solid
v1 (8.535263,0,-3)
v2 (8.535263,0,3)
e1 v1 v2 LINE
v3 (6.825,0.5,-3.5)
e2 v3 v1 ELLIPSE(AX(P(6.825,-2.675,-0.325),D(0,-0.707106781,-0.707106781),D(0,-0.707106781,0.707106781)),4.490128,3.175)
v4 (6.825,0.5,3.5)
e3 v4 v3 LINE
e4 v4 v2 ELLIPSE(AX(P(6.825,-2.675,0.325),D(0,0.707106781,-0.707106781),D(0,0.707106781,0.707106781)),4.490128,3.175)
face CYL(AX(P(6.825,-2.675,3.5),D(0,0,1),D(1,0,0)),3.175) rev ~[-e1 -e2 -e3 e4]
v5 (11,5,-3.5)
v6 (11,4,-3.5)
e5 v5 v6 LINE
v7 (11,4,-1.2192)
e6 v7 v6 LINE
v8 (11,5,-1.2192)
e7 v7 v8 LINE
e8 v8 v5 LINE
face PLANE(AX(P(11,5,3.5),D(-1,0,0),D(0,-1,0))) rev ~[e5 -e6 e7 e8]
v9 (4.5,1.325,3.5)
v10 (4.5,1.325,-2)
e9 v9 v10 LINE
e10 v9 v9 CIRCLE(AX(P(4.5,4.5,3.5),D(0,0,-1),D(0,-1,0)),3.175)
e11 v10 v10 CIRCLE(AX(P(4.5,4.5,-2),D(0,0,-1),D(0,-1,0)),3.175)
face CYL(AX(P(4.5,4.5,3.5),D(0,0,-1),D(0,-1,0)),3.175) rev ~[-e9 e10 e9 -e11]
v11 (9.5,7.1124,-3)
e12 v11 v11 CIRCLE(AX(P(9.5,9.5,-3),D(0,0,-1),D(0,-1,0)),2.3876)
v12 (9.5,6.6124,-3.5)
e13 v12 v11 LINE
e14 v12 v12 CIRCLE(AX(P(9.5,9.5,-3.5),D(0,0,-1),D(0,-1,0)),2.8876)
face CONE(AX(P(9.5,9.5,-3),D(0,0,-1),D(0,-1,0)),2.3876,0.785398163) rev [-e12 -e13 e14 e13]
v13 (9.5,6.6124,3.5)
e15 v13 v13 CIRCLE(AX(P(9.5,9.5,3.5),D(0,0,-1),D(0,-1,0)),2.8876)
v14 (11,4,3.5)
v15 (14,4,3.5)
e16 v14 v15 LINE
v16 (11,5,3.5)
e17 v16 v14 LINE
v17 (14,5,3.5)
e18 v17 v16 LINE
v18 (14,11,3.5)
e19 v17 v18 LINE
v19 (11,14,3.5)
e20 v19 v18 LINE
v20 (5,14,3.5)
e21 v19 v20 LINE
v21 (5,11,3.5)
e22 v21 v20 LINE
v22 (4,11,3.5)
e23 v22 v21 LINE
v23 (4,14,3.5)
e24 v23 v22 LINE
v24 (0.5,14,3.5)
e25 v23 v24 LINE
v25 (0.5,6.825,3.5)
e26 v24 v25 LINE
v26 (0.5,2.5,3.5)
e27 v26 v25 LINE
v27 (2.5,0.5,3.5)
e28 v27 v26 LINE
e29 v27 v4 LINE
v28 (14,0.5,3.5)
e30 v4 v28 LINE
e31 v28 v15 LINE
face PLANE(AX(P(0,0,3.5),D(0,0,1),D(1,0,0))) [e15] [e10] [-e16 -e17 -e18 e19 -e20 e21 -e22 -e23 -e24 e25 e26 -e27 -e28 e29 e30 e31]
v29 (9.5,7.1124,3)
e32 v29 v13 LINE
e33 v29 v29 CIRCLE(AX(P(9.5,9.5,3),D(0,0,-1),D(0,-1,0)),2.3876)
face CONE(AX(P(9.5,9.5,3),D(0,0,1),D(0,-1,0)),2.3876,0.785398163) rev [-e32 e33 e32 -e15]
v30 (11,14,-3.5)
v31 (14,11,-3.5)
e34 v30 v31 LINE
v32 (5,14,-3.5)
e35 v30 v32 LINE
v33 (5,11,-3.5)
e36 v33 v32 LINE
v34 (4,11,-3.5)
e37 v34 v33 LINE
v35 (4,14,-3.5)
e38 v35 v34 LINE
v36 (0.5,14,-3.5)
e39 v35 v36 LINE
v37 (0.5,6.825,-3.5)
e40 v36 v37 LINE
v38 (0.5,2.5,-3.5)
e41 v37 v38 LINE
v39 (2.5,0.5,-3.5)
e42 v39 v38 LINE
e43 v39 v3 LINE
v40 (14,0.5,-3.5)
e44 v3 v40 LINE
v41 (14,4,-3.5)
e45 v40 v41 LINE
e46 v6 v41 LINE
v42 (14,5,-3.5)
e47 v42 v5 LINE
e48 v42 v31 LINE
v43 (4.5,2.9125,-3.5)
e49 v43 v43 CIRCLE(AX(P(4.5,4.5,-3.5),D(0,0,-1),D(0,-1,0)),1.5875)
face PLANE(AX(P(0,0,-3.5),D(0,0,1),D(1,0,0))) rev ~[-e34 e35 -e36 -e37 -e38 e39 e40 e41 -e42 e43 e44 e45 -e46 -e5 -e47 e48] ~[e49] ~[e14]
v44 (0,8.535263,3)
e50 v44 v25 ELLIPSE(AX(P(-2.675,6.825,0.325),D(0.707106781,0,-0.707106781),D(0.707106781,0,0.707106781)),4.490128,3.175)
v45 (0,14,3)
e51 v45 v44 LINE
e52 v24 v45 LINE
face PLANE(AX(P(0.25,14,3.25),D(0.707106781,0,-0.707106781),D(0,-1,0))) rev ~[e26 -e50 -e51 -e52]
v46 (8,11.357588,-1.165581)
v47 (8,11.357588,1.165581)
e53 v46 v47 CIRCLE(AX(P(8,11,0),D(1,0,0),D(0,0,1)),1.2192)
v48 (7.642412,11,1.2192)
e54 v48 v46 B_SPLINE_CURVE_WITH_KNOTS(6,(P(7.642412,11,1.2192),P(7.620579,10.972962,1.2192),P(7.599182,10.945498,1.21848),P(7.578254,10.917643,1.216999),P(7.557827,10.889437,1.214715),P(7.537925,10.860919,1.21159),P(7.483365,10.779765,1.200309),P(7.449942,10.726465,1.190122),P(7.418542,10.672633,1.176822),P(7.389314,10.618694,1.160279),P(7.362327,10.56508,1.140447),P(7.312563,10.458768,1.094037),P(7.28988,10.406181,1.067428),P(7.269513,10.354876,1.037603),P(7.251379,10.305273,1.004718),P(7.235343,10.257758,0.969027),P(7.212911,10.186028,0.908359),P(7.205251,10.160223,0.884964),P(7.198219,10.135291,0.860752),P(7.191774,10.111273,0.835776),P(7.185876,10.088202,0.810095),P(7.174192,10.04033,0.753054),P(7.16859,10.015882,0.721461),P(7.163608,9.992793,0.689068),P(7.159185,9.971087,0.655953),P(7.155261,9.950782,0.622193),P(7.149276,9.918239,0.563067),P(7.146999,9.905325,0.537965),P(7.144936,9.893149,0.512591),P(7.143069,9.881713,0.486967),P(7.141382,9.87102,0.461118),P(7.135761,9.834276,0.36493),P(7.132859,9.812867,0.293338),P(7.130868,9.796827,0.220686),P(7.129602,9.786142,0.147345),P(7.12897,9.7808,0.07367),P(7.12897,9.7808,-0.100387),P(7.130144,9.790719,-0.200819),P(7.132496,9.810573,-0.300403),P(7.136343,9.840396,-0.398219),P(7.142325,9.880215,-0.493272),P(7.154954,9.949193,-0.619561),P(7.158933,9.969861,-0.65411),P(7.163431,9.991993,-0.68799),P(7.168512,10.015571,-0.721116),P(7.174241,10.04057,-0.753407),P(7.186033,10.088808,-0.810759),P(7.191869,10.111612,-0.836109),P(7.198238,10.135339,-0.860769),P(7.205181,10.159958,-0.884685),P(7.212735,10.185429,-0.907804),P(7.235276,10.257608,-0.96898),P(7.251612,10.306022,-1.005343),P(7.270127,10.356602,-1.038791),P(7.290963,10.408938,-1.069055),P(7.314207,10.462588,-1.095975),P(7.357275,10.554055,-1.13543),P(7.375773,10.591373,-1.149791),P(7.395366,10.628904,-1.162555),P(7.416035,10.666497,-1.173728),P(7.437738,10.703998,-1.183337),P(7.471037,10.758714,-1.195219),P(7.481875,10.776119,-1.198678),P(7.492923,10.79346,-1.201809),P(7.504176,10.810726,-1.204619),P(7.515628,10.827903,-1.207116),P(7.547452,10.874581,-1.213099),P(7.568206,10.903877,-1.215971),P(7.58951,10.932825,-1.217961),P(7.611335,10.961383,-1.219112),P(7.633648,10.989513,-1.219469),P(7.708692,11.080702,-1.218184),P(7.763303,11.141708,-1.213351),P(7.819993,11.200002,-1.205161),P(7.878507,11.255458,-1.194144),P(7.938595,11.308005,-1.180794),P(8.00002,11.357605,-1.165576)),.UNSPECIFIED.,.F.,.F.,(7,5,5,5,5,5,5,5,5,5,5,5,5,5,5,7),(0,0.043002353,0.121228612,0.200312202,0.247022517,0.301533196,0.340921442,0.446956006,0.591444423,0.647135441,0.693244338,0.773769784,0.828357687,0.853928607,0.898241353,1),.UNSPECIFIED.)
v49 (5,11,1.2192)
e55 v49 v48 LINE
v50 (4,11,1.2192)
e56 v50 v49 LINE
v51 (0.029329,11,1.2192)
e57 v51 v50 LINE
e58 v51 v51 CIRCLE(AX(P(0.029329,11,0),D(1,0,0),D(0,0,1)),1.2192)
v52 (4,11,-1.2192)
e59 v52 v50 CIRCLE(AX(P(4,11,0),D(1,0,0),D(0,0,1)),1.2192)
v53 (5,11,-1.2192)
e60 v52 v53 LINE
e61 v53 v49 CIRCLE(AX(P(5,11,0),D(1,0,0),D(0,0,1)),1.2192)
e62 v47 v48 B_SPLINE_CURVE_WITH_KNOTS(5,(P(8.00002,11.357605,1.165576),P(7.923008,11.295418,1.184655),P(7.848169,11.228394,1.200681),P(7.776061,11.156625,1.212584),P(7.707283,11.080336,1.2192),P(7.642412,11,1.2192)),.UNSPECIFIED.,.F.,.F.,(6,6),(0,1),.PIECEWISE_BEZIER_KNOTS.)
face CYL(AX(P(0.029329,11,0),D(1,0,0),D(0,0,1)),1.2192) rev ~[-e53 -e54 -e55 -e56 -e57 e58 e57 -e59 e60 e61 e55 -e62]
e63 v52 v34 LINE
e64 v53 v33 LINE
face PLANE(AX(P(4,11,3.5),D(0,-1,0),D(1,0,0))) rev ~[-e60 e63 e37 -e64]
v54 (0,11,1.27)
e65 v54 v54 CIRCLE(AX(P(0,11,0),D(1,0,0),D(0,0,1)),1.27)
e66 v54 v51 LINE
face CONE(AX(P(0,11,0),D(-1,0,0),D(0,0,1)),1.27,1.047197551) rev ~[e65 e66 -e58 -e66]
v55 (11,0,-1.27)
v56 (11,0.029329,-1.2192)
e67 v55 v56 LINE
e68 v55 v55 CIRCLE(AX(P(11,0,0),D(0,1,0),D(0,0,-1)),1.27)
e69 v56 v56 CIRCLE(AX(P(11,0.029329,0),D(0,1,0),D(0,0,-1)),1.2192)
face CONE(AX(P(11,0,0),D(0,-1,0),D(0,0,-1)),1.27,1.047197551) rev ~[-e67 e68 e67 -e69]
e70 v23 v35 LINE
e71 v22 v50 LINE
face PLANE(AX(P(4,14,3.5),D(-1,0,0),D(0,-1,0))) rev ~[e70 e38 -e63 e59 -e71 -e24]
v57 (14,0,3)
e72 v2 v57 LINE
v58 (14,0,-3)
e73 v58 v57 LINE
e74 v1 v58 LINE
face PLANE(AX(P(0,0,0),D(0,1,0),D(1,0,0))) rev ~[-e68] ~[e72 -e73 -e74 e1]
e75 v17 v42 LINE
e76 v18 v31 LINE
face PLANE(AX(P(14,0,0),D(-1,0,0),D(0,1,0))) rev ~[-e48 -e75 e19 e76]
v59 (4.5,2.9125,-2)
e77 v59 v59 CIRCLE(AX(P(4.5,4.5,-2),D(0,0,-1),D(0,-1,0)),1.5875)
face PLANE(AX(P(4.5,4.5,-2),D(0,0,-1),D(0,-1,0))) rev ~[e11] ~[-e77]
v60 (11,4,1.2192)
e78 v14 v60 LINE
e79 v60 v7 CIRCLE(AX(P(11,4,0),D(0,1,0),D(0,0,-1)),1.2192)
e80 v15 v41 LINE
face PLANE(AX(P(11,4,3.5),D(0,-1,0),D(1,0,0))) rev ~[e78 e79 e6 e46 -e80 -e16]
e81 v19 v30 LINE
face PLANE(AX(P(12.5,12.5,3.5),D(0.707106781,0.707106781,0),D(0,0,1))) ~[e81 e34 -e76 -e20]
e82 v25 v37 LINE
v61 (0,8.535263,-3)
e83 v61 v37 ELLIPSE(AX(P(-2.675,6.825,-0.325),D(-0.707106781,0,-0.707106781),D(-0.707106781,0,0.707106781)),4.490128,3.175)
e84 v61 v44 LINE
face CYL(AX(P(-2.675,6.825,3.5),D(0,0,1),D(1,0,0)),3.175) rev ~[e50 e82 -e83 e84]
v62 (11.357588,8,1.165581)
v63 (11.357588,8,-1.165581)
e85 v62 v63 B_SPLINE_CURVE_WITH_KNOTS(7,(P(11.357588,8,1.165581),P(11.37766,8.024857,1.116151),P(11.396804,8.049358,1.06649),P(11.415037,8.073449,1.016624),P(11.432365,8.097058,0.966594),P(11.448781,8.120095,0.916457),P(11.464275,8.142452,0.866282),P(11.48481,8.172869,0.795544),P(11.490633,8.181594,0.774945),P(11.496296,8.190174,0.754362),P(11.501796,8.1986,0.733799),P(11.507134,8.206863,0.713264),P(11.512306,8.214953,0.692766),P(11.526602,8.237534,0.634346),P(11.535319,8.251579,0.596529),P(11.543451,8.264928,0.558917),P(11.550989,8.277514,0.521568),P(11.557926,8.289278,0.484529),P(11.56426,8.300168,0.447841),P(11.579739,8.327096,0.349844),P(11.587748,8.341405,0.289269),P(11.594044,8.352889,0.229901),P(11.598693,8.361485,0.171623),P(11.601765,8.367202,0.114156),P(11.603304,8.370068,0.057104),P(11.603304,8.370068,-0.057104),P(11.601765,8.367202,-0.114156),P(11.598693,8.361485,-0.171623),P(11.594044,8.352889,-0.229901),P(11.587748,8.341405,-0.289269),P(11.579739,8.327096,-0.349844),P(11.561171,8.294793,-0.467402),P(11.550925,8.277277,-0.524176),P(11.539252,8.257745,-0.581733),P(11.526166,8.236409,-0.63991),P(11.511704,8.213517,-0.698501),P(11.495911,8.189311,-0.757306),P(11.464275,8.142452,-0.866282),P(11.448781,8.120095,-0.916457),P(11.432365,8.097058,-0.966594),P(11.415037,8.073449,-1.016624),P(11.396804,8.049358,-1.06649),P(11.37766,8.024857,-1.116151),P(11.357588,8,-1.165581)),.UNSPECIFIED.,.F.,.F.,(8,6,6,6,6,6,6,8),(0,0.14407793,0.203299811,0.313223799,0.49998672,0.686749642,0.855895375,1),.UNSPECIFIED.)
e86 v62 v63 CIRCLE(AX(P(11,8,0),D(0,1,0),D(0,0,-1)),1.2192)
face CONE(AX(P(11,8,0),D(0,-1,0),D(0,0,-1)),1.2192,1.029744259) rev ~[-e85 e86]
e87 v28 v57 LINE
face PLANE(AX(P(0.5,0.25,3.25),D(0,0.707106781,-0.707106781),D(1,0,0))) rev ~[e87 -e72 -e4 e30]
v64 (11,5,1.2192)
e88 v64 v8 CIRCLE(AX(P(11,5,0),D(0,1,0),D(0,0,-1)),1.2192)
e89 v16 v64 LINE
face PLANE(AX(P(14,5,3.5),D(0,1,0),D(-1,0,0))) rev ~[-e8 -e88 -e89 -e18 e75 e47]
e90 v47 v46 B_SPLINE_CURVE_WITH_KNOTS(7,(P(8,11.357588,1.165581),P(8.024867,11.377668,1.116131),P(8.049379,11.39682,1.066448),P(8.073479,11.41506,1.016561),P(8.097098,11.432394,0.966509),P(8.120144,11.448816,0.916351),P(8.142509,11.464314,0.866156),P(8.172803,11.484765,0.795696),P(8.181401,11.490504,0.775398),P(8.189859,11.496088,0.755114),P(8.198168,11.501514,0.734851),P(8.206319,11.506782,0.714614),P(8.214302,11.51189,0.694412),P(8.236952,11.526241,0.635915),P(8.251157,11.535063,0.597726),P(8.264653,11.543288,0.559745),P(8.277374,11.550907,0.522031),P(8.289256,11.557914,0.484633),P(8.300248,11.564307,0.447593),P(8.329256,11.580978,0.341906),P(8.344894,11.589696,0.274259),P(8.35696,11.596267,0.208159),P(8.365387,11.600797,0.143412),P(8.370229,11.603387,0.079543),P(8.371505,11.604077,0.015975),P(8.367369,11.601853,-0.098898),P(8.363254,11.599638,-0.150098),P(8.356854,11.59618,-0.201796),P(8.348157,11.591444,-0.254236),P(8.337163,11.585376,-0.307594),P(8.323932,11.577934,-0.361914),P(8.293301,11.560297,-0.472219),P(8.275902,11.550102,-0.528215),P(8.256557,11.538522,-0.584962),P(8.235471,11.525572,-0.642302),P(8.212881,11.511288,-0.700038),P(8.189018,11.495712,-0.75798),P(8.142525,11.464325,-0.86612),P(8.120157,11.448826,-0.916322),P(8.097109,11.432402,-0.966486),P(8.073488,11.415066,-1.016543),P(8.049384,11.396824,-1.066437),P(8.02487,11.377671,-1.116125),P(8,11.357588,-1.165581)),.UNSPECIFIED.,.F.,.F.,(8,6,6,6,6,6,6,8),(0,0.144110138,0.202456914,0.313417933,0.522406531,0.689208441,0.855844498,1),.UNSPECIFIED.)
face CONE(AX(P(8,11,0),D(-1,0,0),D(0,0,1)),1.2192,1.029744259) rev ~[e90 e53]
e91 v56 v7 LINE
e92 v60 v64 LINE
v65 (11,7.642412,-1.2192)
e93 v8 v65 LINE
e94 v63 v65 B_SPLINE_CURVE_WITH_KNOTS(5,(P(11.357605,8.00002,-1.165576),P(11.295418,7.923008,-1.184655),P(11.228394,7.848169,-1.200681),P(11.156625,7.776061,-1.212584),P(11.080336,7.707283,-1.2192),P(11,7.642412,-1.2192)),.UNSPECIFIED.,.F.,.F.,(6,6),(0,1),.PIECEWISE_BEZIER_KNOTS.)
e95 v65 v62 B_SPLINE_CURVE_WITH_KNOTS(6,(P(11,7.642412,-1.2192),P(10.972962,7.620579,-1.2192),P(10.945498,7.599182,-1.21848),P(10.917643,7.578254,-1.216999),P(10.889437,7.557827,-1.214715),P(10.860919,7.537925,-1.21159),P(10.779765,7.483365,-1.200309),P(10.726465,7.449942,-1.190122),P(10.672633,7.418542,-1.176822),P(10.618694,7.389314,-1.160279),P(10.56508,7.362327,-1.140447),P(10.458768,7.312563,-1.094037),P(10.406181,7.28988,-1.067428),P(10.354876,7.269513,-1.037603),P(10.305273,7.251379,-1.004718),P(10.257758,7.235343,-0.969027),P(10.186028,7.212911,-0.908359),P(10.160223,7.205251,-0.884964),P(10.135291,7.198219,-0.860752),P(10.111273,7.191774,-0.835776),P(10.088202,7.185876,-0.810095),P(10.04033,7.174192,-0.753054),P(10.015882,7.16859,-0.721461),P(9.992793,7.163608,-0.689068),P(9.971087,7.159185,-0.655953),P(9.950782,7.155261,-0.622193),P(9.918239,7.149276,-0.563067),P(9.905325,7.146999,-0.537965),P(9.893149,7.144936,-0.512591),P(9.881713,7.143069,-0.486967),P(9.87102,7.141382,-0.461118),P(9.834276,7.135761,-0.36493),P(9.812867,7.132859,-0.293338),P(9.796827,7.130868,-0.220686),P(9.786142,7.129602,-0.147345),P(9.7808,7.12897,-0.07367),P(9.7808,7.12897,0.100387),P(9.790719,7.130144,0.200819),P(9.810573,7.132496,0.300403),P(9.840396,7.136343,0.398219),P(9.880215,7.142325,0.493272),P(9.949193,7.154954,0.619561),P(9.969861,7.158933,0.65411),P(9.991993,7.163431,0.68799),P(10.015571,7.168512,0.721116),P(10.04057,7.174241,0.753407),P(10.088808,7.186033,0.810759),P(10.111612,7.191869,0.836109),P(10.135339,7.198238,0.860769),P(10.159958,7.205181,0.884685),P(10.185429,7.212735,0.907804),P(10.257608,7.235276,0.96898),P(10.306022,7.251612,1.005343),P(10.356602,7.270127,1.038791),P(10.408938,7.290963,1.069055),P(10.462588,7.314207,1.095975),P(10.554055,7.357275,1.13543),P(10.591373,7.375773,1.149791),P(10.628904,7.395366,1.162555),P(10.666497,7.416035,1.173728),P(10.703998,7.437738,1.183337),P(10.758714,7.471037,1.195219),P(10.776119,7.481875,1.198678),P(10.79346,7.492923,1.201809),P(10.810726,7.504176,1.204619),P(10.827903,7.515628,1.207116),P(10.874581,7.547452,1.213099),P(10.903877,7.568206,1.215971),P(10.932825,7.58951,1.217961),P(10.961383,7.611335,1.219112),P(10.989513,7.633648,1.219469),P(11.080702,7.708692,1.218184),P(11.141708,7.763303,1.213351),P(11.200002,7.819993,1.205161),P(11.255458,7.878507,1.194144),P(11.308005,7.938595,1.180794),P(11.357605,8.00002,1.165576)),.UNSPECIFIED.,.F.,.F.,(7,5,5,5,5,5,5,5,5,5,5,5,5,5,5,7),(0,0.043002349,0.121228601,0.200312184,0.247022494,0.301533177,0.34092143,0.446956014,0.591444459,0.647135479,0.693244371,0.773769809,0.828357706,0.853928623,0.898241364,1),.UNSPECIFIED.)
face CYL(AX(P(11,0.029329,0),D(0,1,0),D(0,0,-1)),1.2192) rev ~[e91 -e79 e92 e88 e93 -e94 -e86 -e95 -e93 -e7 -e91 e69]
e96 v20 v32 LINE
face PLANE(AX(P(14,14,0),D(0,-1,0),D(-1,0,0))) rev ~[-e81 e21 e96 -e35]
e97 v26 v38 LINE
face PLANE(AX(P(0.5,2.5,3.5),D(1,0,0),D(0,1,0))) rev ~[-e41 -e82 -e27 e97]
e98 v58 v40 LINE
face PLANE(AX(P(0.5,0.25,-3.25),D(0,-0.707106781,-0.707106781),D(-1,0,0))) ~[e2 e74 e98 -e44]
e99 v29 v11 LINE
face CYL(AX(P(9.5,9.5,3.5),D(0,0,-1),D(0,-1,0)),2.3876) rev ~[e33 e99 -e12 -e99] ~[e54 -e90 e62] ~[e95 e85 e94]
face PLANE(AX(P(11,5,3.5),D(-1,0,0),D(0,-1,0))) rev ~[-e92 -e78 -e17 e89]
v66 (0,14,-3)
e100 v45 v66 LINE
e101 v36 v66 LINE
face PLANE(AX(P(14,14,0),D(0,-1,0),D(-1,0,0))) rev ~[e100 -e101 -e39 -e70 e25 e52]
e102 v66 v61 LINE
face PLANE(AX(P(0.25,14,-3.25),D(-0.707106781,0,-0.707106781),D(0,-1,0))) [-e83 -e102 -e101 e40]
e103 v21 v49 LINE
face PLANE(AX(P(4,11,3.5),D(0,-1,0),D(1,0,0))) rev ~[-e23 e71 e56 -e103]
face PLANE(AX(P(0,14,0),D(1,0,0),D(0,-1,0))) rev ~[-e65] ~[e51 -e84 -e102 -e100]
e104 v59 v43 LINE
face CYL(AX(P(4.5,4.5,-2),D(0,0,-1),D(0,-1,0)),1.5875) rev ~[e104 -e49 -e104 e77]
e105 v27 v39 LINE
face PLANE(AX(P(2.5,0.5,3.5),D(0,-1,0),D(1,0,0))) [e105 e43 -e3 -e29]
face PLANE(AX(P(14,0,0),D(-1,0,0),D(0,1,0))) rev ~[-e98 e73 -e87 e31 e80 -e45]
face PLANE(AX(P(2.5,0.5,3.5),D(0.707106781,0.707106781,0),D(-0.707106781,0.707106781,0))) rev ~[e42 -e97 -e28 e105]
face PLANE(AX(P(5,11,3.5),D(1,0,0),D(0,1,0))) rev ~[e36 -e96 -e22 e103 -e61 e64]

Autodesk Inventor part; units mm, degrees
ref_plane "YZ Plane" through (0, 0, 0) normal (1, 0, 0) x (0, 1, 0)
ref_plane "XZ Plane" through (0, 0, 0) normal (0, 1, 0) x (-1, 0, 0)
ref_plane "XY Plane" through (0, 0, 0) normal (0, 0, 1) x (1, 0, 0)
sketch "Sketch1" plane through (0, 0, 0) normal (0, 0, 1) x (1, 0, 0)
  line L0 (0, 0) -> (14, 0)
  line L1 (14, 0) -> (14, 14)
  line L2 (14, 14) -> (0, 14)
  line L3 (0, 14) -> (0, 0)
  dimension "d0" = 14
  dimension "d1" = 14
extrude "Extrusion1" add sketch "Sketch1" along normal mid plane 7
hole "Hole1" at (9.5, 9.5, 3.5) direction (0, 0, -1) diameter 4.7752 end through all
sketch "Sketch22" plane through (0, 0, 3.5) normal (0, 0, 1) x (1, 0, 0)
  line L0 (0, 0) -> (0, 14) projected
  line L1 (14, 0) -> (0, 0) projected
  arc A0 (0.5, 0) -> (0, 0.5) centre (0, 0) ccw
  line L2 (0, 0.5) -> (0, 0)
  line L3 (0, 0) -> (0.5, 0)
  dimension "d145" = 0.5
extrude "Extrusion19" cut sketch "Sketch22" against normal through all
sketch "Sketch15" plane through (0, 0, 3.5) normal (0, 0, 1) x (1, 0, 0)
  line L0 (14, 0) -> (0, 0) projected
  line L1 (0, 0) -> (0, 14) projected
  line L2 (5, 5) -> (5, 12)
  line L3 (5, 12) -> (4, 12)
  line L4 (4, 12) -> (4, 5)
  line L5 (5, 4) -> (12, 4)
  line L6 (12, 4) -> (12, 5)
  line L7 (12, 5) -> (5, 5)
  arc A0 (0.5, 0) -> (0, 0.5) centre (0, 0) ccw projected
  line L8 (4, 5) -> (0, 5)
  line L9 (0, 5) -> (0, 0)
  line L10 (0, 0) -> (5, 0)
  line L11 (5, 0) -> (5, 4)
  point P0 (0, 7.5)
  point P1 (7.5, 0)
  point P2 (0.315, 0.3883)
  dimension "d94" = 1
  dimension "d95" = 4
  dimension "d96" = 4
  dimension "d97" = 12
extrude "sawblade" [suppressed]
chamfer "Chamfer5" distance 3 angle 45 1 edges at (14, 14, 0)
chamfer "Chamfer8" distance 0.5 angle 45 4 edges at (7.25, 0, 3.5) (0, 7.25, 3.5) (7.25, 0, -3.5) (0, 7.25, -3.5)
chamfer "Chamfer9" distance 0.5 angle 45 2 edges at (9.5, 11.8876, 3.5) (9.5, 11.8876, -3.5)
hole "Hole6" at (11, 0, 0) direction (0, 1, 0) diameter 2.4384 depth 8 tip angle 118 countersink diameter 2.54 countersink angle 120
hole "Hole7" at (0, 11, 0) direction (1, 0, 0) diameter 2.4384 depth 8 tip angle 118 countersink diameter 2.54 countersink angle 120
sketch "Sketch25" plane through (0, 0, 3.5) normal (0, 0, 1) x (1, 0, 0)
  line L0 (0.5, 14) -> (11, 14) projected
  line L1 (5, 14) -> (4, 14)
  line L2 (4, 14) -> (4, 11)
  line L3 (4, 11) -> (5, 11)
  line L4 (5, 11) -> (5, 14)
  line L5 (0, 14) -> (0, 0.5) projected
  point P0 (0, 0)
  dimension "d183" = 3
  dimension "d184" = 4
  dimension "d185" = 1
extrude "sawblade1" cut sketch "Sketch25" against normal through all
sketch "Sketch26" plane through (0, 0, 3.5) normal (0, 0, 1) x (1, 0, 0)
  line L0 (14, 5) -> (11, 5)
  line L1 (11, 5) -> (11, 4)
  line L2 (11, 4) -> (14, 4)
  line L3 (14, 4) -> (14, 5)
  line L4 (0.5, 0) -> (14, 0) projected
  point P0 (0, 0)
  dimension "d188" = 4
  dimension "d189" = 1
  dimension "d190" = 3
extrude "sawblade2" cut sketch "Sketch26" against normal through all
hole "Hole8" [suppressed]
hole "Hole9" [suppressed]
hole "Hole10" at (4.5, 4.5, 3.5) direction (0, 0, -1) diameter 6.35 depth 5.5
sketch "Sketch27" plane through (0, 0, 3.5) normal (0, 0, 1) x (1, 0, 0)
  line L0 (2.5, 0.5) -> (6.825, 0.5)
  line L1 (10, -2.675) -> (10, -7.675)
  line L2 (10, -7.675) -> (-7.675, -7.675)
  line L3 (-7.675, -7.675) -> (-7.675, 10)
  line L4 (-7.675, 10) -> (-2.675, 10)
  arc A0 (10, -2.675) -> (6.825, 0.5) centre (6.825, -2.675) ccw
  arc A1 (0.5, 6.825) -> (-2.675, 10) centre (-2.675, 6.825) ccw
  line L5 (0.5, 2.5) -> (0.5, 6.825)
  line L6 (2.5, 0.5) -> (0.5, 2.5)
  point P0 (0, 0)
  point P1 (0.5, 0.5)
  dimension "d220" = 3.175
  dimension "d222" = 0.5
  dimension "d223" = 0.5
  dimension "d225" = 5
  dimension "d226" = 2
  dimension "d227" = 2
  dimension "d228" = 10
extrude "Extrusion24" cut sketch "Sketch27" against normal through all
hole "Hole11" at (4.5, 4.5, -2) direction (0, 0, -1) diameter 3.175 end through all
equation "\"d227\" = d226"
properties part number "FOX-ME-118-03" material "Delrin, Black"
